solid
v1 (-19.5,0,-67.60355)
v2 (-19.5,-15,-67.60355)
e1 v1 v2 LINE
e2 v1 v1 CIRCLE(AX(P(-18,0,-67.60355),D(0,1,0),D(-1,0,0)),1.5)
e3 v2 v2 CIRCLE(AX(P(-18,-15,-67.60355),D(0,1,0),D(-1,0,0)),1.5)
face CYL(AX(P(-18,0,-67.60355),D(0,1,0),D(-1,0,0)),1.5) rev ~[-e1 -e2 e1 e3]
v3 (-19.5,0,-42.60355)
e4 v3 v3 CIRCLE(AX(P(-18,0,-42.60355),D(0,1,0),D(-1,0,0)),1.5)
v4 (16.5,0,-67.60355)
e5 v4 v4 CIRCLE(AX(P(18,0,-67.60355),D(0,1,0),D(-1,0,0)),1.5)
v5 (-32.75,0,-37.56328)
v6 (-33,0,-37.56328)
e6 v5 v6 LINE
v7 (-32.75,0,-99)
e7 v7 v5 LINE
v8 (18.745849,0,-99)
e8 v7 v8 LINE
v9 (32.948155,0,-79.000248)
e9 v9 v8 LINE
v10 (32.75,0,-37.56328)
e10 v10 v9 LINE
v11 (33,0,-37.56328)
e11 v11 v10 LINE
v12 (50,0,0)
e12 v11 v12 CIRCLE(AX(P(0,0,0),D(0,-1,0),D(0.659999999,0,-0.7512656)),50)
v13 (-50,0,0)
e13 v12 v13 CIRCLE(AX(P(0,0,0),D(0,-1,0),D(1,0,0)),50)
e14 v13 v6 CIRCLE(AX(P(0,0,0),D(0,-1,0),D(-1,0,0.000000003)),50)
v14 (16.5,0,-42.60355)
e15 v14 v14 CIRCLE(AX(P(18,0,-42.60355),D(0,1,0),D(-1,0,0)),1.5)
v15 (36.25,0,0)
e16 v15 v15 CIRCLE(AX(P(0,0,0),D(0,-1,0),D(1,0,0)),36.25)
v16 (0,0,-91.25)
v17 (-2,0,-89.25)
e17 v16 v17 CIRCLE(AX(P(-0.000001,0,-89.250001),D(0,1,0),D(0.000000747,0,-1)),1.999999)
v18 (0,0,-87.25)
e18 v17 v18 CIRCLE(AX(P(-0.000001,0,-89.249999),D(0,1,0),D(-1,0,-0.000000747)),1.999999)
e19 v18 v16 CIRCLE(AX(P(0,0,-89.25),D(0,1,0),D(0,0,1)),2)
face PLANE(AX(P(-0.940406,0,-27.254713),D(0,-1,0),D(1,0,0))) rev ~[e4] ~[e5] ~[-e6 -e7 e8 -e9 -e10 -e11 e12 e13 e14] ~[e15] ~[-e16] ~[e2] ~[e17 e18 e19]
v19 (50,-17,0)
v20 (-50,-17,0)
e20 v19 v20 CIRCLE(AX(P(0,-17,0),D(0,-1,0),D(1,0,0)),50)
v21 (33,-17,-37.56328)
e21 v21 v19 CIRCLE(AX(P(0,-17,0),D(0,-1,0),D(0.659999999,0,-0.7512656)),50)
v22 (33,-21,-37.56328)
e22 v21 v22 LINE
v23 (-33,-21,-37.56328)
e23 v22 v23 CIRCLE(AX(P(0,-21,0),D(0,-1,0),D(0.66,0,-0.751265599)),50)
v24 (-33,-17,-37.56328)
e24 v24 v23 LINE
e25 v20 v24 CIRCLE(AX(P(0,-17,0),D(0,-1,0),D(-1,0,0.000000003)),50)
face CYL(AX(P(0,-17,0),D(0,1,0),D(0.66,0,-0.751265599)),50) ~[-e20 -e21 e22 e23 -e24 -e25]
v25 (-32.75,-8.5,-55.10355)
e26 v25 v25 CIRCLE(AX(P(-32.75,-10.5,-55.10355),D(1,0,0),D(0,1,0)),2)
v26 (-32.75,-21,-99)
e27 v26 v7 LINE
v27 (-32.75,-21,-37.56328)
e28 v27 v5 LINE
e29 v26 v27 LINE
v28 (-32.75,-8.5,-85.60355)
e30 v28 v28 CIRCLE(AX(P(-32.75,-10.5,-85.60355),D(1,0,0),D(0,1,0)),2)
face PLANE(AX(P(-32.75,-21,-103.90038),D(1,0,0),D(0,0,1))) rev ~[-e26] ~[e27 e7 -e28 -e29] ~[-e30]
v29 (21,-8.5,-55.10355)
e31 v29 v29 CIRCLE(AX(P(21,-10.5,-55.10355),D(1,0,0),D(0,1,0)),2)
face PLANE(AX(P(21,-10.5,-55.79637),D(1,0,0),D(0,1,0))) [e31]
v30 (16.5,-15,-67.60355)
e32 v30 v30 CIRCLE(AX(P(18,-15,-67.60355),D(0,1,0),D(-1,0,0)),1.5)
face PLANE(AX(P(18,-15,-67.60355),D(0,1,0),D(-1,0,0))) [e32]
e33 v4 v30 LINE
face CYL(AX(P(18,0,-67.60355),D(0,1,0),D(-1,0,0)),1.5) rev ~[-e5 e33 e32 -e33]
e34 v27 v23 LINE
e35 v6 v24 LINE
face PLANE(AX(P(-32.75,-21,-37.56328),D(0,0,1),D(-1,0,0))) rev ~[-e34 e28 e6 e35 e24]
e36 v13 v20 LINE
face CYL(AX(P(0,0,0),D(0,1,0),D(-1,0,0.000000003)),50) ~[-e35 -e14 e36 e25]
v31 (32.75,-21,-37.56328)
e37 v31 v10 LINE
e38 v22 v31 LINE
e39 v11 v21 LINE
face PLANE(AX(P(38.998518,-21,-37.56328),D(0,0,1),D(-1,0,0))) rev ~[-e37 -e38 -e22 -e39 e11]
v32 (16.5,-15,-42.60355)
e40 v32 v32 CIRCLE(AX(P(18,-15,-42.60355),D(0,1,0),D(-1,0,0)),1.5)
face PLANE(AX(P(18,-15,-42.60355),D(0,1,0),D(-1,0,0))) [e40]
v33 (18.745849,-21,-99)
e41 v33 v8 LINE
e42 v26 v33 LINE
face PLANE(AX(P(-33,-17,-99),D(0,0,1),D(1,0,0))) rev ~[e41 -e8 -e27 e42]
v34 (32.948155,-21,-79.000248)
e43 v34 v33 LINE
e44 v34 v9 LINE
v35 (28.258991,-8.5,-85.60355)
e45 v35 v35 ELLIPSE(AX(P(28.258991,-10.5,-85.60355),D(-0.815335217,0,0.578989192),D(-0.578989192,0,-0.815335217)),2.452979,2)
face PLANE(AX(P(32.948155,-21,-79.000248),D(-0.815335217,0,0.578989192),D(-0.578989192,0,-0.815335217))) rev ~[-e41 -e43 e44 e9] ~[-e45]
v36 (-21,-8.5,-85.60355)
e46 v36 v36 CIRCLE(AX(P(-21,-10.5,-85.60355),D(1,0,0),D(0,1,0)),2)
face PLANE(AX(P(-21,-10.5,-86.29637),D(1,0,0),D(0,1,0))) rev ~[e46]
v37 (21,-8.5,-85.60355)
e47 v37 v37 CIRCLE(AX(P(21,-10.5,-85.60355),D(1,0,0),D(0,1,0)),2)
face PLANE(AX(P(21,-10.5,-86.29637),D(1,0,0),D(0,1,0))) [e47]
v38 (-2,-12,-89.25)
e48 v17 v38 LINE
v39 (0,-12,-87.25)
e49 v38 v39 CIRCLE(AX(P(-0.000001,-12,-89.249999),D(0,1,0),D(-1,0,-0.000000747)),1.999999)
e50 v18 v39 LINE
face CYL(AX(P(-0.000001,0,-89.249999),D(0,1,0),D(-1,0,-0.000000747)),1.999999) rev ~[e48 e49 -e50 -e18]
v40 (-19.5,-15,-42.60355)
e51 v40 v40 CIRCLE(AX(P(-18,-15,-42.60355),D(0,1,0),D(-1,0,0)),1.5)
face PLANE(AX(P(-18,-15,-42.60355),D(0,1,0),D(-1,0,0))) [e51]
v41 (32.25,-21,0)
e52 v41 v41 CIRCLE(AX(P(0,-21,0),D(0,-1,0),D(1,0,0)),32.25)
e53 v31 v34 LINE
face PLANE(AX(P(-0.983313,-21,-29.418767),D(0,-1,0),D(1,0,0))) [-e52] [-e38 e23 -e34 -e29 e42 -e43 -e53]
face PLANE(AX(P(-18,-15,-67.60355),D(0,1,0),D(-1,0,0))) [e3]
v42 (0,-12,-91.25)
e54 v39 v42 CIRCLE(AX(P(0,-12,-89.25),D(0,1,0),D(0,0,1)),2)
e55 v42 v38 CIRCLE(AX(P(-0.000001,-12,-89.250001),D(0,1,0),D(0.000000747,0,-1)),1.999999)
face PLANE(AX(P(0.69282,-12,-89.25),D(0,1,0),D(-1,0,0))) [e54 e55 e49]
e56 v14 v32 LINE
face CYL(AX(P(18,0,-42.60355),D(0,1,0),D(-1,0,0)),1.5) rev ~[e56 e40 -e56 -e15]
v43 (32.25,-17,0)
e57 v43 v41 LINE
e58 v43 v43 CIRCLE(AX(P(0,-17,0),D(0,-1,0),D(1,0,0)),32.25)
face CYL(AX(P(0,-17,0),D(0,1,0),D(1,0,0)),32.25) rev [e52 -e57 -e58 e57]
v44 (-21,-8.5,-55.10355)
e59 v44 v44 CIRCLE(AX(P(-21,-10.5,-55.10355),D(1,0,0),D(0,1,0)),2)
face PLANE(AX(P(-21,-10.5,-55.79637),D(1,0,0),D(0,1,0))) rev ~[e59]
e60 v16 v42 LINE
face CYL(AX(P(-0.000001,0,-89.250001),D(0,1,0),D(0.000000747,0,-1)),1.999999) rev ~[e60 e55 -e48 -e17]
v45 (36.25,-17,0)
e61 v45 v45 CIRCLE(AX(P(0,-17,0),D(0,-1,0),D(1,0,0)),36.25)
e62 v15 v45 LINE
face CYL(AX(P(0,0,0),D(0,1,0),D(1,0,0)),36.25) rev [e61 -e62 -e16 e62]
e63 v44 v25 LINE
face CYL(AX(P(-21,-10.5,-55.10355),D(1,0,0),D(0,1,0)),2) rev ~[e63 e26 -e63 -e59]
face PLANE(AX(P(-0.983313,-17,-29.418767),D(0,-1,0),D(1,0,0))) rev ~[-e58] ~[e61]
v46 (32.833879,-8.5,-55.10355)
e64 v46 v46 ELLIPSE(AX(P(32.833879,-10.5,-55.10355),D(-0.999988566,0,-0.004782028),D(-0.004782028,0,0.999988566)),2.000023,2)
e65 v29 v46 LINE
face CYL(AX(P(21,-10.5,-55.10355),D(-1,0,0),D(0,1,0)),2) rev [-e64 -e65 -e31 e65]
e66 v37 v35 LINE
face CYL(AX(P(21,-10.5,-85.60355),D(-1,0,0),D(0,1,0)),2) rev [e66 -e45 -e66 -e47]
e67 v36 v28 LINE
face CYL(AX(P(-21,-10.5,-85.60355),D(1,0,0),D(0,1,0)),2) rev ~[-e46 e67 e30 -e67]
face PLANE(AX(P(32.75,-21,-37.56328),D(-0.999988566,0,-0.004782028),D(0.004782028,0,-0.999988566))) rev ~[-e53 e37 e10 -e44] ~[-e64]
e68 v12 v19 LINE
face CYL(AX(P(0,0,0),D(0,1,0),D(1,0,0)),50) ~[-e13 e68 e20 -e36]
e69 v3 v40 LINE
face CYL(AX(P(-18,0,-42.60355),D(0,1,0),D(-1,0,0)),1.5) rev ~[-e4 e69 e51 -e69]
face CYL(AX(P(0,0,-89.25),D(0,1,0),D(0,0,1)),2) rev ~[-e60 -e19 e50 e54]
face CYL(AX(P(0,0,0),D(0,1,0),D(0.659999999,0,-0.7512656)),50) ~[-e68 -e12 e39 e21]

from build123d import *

# Parameters (mm, degrees)
F0_R      = 36.25
F1_DEPTH  = 17
F2_R      = 32.25
F3_DEPTH  = 4
F4_R      = 1.5
F5_DEPTH  = 15
F8_DEPTH  = 25
F11_DEPTH = 25
F13_DEPTH = 12
F15_DEPTH = 25


with BuildPart() as f1:
    # F0 (on Front) → F1 (new body)
    with BuildSketch(Plane.XZ):
        with BuildLine():
            ThreePointArc((33, -37.56328), (45.552168, -20.615528), (50, 0))
            ThreePointArc((50, 0), (0, 50), (-50, 0))
            ThreePointArc((-50, 0), (-45.552168, -20.615528), (-33, -37.56328))
            Line((-33, -37.56328), (-33, -79))
            Line((-33, -79), (-33, -99))
            Line((-33, -99), (-18.995849, -99))
            Line((-18.995849, -99), (0, -99))
            Line((0, -99), (18.995849, -99))
            Line((18.995849, -99), (33, -79))
            Line((33, -79), (33, -37.56328))
        make_face()
        Circle(F0_R, mode=Mode.SUBTRACT)
    extrude(amount=F1_DEPTH)

    # F2 (on face) → F3 (join)
    with BuildSketch(Plane.XZ.offset(17)):
        with BuildLine():
            Line((33, -79), (33, -37.56328))
            ThreePointArc((33, -37.56328), (0, 50), (-33, -37.56328))
            Line((-33, -37.56328), (-33, -99))
            Line((-33, -99), (18.995849, -99))
            Line((18.995849, -99), (33, -79))
        make_face()
        Circle(F2_R, mode=Mode.SUBTRACT)
    extrude(amount=F3_DEPTH)

    # F4 (on face) → F5 (cut)
    with BuildSketch(Plane(origin=(0, 0, 0), x_dir=(-1, 0, 0), z_dir=(0, 1, 0))):
        with Locations((-18, -42.60355)):
            Circle(F4_R)
        with Locations((18, -42.60355)):
            Circle(F4_R)
        with Locations((18, -67.60355)):
            Circle(F4_R)
        with Locations((-18, -67.60355)):
            Circle(F4_R)
    extrude(amount=-F5_DEPTH, mode=Mode.SUBTRACT)

    # F7 (on offset) → F8 (cut)
    with BuildSketch(Plane.YZ.offset(21)):
        with BuildLine():
            ThreePointArc((-12.5, -85.60355), (-10.5, -87.60355), (-8.5, -85.60355))
            Line((-8.5, -85.60355), (-12.5, -85.60355))
        make_face()
        with BuildLine():
            Line((-12.5, -85.60355), (-8.5, -85.60355))
            ThreePointArc((-8.5, -85.60355), (-10.5, -83.60355), (-12.5, -85.60355))
        make_face()
        with BuildLine():
            ThreePointArc((-12.5, -55.10355), (-10.5, -57.10355), (-8.5, -55.10355))
            Line((-8.5, -55.10355), (-12.5, -55.10355))
        make_face()
        with BuildLine():
            Line((-12.5, -55.10355), (-8.5, -55.10355))
            ThreePointArc((-8.5, -55.10355), (-10.5, -53.10355), (-12.5, -55.10355))
        make_face()
    extrude(amount=F8_DEPTH, mode=Mode.SUBTRACT)

    # F10 (on offset) → F11 (cut)
    with BuildSketch(Plane.YZ.offset(-21)):
        with BuildLine():
            ThreePointArc((-12.5, -85.60355), (-10.5, -87.60355), (-8.5, -85.60355))
            Line((-8.5, -85.60355), (-12.5, -85.60355))
        make_face()
        with BuildLine():
            Line((-12.5, -85.60355), (-8.5, -85.60355))
            ThreePointArc((-8.5, -85.60355), (-10.5, -83.60355), (-12.5, -85.60355))
        make_face()
        with BuildLine():
            ThreePointArc((-12.5, -55.10355), (-10.5, -57.10355), (-8.5, -55.10355))
            Line((-8.5, -55.10355), (-12.5, -55.10355))
        make_face()
        with BuildLine():
            Line((-12.5, -55.10355), (-8.5, -55.10355))
            ThreePointArc((-8.5, -55.10355), (-10.5, -53.10355), (-12.5, -55.10355))
        make_face()
    extrude(amount=-F11_DEPTH, mode=Mode.SUBTRACT)

    # F12 (on face) → F13 (cut)
    with BuildSketch(Plane(origin=(0, 0, 0), x_dir=(-1, 0, 0), z_dir=(0, 1, 0))):
        with BuildLine():
            ThreePointArc((0, -87.25), (-2, -89.25), (0, -91.25))
            Line((0, -91.25), (0, -87.25))
        make_face()
        with BuildLine():
            Line((0, -87.25), (0, -91.25))
            ThreePointArc((0, -91.25), (1.414214, -90.664214), (2, -89.25))
            ThreePointArc((2, -89.25), (1.414214, -87.835786), (0, -87.25))
        make_face()
    extrude(amount=-F13_DEPTH, mode=Mode.SUBTRACT)

    # F14 (on face) → F15 (cut)
    with BuildSketch(Plane.XZ.offset(21)):
        Polygon((38.998518, -37.56328), (33, -37.56328), (32.75, -37.56328), (32.948155, -79.000248), (18.745849, -99), (-32.75, -103.90038), (-32.75, -37.56328), (-33, -37.56328), (-37.546977, -48.766561), (-37.546977, -109.624594), (30.626951, -103.313722), (38.998518, -80.774888), align=None)
    extrude(amount=-F15_DEPTH, mode=Mode.SUBTRACT)


solid = f1.part
